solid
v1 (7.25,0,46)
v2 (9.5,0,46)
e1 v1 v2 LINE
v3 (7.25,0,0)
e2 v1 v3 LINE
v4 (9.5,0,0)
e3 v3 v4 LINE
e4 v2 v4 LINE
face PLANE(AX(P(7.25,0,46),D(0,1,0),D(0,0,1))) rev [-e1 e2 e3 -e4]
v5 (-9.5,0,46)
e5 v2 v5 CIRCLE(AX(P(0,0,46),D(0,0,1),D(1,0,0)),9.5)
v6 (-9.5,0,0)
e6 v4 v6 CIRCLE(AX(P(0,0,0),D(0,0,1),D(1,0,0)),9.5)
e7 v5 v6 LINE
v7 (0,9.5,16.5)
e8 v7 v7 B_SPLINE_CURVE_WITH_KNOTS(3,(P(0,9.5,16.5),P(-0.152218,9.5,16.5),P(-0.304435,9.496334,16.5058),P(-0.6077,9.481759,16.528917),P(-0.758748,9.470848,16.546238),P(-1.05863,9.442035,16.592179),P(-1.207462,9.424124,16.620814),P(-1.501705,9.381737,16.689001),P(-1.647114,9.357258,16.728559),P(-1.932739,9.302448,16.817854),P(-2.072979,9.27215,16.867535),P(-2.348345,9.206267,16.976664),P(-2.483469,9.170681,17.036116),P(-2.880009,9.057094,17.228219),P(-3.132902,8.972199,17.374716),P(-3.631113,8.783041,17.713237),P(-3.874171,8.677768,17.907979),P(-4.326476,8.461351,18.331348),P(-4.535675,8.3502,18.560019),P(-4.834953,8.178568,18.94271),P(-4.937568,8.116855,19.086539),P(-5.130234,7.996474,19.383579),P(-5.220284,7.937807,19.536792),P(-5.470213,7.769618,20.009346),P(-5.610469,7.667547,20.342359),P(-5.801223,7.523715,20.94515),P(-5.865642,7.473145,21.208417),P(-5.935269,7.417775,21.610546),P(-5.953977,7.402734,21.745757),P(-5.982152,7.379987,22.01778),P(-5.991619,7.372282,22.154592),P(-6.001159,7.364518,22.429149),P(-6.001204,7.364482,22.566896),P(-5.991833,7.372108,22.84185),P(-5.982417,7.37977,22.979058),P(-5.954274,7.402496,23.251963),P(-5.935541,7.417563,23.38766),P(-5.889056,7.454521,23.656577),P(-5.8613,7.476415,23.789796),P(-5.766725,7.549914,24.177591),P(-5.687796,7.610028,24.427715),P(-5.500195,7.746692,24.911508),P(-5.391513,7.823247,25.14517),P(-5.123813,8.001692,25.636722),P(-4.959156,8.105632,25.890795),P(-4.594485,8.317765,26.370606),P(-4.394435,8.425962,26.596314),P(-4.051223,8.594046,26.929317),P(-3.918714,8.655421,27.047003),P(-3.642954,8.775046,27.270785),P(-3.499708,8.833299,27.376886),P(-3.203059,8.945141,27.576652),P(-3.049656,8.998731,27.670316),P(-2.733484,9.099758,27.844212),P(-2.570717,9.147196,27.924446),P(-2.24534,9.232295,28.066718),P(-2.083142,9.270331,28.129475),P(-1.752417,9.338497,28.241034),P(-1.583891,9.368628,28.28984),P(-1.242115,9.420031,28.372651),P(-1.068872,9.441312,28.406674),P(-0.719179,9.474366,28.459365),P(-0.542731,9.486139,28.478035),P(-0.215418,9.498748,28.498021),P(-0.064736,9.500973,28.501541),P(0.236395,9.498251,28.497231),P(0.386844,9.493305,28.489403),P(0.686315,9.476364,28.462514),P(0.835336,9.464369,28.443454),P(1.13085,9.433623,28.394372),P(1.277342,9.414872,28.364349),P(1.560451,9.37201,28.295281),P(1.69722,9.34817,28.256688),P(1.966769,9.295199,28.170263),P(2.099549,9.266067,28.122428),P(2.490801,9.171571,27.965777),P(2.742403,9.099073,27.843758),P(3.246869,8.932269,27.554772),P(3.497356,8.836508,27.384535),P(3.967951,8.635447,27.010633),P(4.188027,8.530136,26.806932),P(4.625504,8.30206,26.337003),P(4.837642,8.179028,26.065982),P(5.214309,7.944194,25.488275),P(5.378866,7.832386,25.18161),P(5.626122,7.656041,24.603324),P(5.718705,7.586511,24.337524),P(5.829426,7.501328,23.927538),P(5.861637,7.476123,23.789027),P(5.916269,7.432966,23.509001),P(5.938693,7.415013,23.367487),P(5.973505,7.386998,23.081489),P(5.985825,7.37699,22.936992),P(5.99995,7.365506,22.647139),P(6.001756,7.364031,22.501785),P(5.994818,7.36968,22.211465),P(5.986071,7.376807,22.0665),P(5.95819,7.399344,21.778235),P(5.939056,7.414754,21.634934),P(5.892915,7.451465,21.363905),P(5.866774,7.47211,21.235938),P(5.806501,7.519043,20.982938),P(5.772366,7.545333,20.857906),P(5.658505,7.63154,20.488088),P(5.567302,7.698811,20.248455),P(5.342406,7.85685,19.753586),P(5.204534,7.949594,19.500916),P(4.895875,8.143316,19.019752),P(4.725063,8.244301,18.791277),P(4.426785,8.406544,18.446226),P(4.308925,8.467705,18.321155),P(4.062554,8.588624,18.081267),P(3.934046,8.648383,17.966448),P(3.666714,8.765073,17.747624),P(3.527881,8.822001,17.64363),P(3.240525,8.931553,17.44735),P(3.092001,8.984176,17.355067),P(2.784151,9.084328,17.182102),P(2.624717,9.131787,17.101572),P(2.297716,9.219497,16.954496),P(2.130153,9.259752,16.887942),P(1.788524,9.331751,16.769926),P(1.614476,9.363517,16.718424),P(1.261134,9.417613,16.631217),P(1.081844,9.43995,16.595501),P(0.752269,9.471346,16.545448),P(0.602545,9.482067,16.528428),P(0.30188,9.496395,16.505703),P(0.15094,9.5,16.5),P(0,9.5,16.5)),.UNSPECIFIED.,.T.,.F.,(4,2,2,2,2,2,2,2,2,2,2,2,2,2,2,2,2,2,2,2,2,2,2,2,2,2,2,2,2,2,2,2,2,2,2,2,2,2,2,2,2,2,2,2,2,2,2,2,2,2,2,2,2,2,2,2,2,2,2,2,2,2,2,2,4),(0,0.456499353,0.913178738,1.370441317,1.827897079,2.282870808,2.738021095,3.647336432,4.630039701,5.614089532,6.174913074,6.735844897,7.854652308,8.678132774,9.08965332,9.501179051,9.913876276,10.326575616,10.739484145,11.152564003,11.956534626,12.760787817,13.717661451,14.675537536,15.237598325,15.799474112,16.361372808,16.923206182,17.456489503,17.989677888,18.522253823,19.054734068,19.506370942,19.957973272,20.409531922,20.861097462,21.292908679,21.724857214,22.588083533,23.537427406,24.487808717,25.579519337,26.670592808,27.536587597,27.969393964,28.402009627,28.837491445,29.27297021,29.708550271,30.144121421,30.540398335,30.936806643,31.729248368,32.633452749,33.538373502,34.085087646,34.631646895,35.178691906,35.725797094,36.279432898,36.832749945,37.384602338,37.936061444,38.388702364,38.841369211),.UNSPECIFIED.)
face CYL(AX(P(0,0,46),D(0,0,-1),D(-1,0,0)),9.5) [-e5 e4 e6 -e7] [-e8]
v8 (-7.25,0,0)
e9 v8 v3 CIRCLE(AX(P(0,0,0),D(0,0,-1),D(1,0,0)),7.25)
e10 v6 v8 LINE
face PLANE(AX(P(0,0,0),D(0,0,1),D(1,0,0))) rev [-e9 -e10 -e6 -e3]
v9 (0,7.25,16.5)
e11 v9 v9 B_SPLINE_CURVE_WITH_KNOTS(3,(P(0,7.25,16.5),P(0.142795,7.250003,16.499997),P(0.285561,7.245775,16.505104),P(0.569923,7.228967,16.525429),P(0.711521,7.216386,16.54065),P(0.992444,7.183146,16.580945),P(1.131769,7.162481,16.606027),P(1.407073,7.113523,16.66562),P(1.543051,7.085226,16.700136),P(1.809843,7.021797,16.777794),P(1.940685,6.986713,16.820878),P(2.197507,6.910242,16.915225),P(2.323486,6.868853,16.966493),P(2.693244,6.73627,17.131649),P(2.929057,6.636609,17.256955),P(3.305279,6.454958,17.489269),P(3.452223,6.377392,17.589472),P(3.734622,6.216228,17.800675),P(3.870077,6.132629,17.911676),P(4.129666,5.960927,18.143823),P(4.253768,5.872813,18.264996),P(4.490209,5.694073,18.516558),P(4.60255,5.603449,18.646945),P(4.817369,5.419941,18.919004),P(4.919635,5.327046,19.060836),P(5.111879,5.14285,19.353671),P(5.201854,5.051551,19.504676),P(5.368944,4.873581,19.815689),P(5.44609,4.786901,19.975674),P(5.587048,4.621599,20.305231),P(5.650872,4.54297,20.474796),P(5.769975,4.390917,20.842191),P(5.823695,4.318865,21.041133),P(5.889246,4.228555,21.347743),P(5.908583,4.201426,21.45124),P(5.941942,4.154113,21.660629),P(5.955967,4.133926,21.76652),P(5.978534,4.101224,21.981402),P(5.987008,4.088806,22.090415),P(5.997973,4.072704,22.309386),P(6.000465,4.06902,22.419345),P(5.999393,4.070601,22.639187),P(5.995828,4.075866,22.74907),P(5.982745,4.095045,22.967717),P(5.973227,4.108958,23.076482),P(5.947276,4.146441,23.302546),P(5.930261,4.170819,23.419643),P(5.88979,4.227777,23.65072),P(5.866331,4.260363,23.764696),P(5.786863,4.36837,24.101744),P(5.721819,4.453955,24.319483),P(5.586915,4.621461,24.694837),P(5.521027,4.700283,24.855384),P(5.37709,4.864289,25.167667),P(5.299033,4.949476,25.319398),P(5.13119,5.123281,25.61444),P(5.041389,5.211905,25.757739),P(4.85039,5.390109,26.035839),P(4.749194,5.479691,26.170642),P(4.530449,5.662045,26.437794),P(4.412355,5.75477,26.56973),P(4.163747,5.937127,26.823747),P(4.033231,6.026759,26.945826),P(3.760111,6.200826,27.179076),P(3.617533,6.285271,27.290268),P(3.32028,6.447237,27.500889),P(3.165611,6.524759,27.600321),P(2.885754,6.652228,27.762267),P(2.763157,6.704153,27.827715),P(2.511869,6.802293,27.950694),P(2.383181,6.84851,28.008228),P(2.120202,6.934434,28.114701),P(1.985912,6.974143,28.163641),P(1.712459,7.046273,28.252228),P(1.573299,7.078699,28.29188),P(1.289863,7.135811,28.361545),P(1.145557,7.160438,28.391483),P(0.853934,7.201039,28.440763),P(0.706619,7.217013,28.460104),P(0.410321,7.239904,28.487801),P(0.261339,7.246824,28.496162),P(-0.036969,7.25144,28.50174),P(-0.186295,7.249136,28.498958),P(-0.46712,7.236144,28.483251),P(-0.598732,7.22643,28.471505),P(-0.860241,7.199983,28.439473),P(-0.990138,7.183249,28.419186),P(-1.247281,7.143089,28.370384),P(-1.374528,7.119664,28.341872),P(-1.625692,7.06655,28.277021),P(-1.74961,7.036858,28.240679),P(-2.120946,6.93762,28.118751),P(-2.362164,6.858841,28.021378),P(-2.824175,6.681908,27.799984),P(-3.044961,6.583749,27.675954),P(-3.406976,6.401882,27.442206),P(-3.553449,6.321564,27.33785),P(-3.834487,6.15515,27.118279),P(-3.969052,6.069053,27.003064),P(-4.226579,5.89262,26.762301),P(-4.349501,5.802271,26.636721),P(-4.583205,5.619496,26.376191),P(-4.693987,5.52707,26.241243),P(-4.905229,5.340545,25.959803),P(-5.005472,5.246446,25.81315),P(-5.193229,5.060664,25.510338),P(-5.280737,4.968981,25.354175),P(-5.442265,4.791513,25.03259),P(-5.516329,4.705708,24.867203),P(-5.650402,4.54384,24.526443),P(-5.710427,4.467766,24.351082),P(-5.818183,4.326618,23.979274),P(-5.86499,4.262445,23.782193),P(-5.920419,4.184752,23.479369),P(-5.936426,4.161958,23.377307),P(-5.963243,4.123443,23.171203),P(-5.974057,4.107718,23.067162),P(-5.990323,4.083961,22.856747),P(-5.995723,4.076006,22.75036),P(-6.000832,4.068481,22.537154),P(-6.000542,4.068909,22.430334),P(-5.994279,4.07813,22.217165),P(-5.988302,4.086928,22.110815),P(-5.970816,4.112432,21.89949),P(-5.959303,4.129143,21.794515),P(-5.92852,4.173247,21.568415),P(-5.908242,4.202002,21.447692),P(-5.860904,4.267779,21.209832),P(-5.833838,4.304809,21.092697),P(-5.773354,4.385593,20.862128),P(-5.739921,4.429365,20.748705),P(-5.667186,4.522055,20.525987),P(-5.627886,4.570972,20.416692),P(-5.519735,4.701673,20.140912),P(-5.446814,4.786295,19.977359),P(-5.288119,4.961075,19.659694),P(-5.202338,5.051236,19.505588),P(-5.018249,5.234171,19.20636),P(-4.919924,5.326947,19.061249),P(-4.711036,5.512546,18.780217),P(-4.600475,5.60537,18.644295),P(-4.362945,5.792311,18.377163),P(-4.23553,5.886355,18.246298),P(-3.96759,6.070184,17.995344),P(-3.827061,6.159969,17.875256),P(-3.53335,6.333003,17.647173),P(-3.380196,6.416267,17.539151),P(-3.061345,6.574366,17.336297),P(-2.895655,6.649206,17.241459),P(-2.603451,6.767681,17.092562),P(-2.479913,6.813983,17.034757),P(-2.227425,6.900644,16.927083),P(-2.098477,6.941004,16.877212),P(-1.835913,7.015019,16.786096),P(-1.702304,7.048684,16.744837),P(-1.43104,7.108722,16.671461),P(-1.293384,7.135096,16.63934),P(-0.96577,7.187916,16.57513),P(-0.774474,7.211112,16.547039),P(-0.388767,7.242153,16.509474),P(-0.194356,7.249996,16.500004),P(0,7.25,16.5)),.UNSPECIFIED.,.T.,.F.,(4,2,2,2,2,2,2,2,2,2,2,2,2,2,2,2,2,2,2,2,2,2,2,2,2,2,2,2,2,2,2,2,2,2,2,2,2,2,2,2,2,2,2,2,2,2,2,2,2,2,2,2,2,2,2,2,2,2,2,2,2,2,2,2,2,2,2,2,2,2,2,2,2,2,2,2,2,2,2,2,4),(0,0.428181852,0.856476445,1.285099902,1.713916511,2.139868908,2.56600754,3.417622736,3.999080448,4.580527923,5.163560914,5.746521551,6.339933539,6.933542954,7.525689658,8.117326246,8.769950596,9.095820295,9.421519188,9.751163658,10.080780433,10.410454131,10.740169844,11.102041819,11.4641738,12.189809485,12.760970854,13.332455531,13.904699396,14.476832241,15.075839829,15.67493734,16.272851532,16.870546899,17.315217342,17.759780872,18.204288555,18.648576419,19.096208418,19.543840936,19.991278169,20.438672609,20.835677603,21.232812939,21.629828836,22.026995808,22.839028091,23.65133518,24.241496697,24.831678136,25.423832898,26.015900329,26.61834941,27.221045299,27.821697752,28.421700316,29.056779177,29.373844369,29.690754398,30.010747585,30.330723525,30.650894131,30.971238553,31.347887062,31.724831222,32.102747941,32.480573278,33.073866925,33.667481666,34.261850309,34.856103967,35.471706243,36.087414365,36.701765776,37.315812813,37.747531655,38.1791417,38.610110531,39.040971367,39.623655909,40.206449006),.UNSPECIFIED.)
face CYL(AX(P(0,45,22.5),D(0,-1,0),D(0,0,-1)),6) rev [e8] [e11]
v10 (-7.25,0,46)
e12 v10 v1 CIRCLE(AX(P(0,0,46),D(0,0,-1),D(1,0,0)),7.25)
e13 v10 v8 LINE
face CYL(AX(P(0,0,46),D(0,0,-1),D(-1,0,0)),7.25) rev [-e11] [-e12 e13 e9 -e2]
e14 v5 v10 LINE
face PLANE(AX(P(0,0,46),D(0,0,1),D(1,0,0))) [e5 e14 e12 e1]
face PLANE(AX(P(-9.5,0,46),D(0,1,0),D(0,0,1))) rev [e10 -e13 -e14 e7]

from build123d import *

# Parameters (mm, degrees)
EXTRUDE_1_DEPTH     = 46
SKETCH_2_R          = 6
CUT_EXTRUDE_1_DEPTH = 45


with BuildPart() as part:
    # ｽｹｯﾁ1 → ﾎﾞｽ - 押し出し1 (new body)
    with BuildSketch(Plane.XY):
        with BuildLine():
            Line((-9.5, 0), (-7.25, 0))
            ThreePointArc((-7.25, 0), (0, 7.25), (7.25, 0))
            Line((7.25, 0), (9.5, 0))
            ThreePointArc((9.5, 0), (0, 9.5), (-9.5, 0))
        make_face()
    extrude(amount=EXTRUDE_1_DEPTH)

    # ｽｹｯﾁ2 → ｶｯﾄ - 押し出し1 (cut)
    with BuildSketch(Plane(origin=(0, 0, 0), x_dir=(1, 0, 0), z_dir=(0, 1, 0))):
        with Locations(Location((0, -22.5, 0), (0, 0, 90))):
            Circle(SKETCH_2_R)
    extrude(amount=CUT_EXTRUDE_1_DEPTH, mode=Mode.SUBTRACT)


solid = part.part
